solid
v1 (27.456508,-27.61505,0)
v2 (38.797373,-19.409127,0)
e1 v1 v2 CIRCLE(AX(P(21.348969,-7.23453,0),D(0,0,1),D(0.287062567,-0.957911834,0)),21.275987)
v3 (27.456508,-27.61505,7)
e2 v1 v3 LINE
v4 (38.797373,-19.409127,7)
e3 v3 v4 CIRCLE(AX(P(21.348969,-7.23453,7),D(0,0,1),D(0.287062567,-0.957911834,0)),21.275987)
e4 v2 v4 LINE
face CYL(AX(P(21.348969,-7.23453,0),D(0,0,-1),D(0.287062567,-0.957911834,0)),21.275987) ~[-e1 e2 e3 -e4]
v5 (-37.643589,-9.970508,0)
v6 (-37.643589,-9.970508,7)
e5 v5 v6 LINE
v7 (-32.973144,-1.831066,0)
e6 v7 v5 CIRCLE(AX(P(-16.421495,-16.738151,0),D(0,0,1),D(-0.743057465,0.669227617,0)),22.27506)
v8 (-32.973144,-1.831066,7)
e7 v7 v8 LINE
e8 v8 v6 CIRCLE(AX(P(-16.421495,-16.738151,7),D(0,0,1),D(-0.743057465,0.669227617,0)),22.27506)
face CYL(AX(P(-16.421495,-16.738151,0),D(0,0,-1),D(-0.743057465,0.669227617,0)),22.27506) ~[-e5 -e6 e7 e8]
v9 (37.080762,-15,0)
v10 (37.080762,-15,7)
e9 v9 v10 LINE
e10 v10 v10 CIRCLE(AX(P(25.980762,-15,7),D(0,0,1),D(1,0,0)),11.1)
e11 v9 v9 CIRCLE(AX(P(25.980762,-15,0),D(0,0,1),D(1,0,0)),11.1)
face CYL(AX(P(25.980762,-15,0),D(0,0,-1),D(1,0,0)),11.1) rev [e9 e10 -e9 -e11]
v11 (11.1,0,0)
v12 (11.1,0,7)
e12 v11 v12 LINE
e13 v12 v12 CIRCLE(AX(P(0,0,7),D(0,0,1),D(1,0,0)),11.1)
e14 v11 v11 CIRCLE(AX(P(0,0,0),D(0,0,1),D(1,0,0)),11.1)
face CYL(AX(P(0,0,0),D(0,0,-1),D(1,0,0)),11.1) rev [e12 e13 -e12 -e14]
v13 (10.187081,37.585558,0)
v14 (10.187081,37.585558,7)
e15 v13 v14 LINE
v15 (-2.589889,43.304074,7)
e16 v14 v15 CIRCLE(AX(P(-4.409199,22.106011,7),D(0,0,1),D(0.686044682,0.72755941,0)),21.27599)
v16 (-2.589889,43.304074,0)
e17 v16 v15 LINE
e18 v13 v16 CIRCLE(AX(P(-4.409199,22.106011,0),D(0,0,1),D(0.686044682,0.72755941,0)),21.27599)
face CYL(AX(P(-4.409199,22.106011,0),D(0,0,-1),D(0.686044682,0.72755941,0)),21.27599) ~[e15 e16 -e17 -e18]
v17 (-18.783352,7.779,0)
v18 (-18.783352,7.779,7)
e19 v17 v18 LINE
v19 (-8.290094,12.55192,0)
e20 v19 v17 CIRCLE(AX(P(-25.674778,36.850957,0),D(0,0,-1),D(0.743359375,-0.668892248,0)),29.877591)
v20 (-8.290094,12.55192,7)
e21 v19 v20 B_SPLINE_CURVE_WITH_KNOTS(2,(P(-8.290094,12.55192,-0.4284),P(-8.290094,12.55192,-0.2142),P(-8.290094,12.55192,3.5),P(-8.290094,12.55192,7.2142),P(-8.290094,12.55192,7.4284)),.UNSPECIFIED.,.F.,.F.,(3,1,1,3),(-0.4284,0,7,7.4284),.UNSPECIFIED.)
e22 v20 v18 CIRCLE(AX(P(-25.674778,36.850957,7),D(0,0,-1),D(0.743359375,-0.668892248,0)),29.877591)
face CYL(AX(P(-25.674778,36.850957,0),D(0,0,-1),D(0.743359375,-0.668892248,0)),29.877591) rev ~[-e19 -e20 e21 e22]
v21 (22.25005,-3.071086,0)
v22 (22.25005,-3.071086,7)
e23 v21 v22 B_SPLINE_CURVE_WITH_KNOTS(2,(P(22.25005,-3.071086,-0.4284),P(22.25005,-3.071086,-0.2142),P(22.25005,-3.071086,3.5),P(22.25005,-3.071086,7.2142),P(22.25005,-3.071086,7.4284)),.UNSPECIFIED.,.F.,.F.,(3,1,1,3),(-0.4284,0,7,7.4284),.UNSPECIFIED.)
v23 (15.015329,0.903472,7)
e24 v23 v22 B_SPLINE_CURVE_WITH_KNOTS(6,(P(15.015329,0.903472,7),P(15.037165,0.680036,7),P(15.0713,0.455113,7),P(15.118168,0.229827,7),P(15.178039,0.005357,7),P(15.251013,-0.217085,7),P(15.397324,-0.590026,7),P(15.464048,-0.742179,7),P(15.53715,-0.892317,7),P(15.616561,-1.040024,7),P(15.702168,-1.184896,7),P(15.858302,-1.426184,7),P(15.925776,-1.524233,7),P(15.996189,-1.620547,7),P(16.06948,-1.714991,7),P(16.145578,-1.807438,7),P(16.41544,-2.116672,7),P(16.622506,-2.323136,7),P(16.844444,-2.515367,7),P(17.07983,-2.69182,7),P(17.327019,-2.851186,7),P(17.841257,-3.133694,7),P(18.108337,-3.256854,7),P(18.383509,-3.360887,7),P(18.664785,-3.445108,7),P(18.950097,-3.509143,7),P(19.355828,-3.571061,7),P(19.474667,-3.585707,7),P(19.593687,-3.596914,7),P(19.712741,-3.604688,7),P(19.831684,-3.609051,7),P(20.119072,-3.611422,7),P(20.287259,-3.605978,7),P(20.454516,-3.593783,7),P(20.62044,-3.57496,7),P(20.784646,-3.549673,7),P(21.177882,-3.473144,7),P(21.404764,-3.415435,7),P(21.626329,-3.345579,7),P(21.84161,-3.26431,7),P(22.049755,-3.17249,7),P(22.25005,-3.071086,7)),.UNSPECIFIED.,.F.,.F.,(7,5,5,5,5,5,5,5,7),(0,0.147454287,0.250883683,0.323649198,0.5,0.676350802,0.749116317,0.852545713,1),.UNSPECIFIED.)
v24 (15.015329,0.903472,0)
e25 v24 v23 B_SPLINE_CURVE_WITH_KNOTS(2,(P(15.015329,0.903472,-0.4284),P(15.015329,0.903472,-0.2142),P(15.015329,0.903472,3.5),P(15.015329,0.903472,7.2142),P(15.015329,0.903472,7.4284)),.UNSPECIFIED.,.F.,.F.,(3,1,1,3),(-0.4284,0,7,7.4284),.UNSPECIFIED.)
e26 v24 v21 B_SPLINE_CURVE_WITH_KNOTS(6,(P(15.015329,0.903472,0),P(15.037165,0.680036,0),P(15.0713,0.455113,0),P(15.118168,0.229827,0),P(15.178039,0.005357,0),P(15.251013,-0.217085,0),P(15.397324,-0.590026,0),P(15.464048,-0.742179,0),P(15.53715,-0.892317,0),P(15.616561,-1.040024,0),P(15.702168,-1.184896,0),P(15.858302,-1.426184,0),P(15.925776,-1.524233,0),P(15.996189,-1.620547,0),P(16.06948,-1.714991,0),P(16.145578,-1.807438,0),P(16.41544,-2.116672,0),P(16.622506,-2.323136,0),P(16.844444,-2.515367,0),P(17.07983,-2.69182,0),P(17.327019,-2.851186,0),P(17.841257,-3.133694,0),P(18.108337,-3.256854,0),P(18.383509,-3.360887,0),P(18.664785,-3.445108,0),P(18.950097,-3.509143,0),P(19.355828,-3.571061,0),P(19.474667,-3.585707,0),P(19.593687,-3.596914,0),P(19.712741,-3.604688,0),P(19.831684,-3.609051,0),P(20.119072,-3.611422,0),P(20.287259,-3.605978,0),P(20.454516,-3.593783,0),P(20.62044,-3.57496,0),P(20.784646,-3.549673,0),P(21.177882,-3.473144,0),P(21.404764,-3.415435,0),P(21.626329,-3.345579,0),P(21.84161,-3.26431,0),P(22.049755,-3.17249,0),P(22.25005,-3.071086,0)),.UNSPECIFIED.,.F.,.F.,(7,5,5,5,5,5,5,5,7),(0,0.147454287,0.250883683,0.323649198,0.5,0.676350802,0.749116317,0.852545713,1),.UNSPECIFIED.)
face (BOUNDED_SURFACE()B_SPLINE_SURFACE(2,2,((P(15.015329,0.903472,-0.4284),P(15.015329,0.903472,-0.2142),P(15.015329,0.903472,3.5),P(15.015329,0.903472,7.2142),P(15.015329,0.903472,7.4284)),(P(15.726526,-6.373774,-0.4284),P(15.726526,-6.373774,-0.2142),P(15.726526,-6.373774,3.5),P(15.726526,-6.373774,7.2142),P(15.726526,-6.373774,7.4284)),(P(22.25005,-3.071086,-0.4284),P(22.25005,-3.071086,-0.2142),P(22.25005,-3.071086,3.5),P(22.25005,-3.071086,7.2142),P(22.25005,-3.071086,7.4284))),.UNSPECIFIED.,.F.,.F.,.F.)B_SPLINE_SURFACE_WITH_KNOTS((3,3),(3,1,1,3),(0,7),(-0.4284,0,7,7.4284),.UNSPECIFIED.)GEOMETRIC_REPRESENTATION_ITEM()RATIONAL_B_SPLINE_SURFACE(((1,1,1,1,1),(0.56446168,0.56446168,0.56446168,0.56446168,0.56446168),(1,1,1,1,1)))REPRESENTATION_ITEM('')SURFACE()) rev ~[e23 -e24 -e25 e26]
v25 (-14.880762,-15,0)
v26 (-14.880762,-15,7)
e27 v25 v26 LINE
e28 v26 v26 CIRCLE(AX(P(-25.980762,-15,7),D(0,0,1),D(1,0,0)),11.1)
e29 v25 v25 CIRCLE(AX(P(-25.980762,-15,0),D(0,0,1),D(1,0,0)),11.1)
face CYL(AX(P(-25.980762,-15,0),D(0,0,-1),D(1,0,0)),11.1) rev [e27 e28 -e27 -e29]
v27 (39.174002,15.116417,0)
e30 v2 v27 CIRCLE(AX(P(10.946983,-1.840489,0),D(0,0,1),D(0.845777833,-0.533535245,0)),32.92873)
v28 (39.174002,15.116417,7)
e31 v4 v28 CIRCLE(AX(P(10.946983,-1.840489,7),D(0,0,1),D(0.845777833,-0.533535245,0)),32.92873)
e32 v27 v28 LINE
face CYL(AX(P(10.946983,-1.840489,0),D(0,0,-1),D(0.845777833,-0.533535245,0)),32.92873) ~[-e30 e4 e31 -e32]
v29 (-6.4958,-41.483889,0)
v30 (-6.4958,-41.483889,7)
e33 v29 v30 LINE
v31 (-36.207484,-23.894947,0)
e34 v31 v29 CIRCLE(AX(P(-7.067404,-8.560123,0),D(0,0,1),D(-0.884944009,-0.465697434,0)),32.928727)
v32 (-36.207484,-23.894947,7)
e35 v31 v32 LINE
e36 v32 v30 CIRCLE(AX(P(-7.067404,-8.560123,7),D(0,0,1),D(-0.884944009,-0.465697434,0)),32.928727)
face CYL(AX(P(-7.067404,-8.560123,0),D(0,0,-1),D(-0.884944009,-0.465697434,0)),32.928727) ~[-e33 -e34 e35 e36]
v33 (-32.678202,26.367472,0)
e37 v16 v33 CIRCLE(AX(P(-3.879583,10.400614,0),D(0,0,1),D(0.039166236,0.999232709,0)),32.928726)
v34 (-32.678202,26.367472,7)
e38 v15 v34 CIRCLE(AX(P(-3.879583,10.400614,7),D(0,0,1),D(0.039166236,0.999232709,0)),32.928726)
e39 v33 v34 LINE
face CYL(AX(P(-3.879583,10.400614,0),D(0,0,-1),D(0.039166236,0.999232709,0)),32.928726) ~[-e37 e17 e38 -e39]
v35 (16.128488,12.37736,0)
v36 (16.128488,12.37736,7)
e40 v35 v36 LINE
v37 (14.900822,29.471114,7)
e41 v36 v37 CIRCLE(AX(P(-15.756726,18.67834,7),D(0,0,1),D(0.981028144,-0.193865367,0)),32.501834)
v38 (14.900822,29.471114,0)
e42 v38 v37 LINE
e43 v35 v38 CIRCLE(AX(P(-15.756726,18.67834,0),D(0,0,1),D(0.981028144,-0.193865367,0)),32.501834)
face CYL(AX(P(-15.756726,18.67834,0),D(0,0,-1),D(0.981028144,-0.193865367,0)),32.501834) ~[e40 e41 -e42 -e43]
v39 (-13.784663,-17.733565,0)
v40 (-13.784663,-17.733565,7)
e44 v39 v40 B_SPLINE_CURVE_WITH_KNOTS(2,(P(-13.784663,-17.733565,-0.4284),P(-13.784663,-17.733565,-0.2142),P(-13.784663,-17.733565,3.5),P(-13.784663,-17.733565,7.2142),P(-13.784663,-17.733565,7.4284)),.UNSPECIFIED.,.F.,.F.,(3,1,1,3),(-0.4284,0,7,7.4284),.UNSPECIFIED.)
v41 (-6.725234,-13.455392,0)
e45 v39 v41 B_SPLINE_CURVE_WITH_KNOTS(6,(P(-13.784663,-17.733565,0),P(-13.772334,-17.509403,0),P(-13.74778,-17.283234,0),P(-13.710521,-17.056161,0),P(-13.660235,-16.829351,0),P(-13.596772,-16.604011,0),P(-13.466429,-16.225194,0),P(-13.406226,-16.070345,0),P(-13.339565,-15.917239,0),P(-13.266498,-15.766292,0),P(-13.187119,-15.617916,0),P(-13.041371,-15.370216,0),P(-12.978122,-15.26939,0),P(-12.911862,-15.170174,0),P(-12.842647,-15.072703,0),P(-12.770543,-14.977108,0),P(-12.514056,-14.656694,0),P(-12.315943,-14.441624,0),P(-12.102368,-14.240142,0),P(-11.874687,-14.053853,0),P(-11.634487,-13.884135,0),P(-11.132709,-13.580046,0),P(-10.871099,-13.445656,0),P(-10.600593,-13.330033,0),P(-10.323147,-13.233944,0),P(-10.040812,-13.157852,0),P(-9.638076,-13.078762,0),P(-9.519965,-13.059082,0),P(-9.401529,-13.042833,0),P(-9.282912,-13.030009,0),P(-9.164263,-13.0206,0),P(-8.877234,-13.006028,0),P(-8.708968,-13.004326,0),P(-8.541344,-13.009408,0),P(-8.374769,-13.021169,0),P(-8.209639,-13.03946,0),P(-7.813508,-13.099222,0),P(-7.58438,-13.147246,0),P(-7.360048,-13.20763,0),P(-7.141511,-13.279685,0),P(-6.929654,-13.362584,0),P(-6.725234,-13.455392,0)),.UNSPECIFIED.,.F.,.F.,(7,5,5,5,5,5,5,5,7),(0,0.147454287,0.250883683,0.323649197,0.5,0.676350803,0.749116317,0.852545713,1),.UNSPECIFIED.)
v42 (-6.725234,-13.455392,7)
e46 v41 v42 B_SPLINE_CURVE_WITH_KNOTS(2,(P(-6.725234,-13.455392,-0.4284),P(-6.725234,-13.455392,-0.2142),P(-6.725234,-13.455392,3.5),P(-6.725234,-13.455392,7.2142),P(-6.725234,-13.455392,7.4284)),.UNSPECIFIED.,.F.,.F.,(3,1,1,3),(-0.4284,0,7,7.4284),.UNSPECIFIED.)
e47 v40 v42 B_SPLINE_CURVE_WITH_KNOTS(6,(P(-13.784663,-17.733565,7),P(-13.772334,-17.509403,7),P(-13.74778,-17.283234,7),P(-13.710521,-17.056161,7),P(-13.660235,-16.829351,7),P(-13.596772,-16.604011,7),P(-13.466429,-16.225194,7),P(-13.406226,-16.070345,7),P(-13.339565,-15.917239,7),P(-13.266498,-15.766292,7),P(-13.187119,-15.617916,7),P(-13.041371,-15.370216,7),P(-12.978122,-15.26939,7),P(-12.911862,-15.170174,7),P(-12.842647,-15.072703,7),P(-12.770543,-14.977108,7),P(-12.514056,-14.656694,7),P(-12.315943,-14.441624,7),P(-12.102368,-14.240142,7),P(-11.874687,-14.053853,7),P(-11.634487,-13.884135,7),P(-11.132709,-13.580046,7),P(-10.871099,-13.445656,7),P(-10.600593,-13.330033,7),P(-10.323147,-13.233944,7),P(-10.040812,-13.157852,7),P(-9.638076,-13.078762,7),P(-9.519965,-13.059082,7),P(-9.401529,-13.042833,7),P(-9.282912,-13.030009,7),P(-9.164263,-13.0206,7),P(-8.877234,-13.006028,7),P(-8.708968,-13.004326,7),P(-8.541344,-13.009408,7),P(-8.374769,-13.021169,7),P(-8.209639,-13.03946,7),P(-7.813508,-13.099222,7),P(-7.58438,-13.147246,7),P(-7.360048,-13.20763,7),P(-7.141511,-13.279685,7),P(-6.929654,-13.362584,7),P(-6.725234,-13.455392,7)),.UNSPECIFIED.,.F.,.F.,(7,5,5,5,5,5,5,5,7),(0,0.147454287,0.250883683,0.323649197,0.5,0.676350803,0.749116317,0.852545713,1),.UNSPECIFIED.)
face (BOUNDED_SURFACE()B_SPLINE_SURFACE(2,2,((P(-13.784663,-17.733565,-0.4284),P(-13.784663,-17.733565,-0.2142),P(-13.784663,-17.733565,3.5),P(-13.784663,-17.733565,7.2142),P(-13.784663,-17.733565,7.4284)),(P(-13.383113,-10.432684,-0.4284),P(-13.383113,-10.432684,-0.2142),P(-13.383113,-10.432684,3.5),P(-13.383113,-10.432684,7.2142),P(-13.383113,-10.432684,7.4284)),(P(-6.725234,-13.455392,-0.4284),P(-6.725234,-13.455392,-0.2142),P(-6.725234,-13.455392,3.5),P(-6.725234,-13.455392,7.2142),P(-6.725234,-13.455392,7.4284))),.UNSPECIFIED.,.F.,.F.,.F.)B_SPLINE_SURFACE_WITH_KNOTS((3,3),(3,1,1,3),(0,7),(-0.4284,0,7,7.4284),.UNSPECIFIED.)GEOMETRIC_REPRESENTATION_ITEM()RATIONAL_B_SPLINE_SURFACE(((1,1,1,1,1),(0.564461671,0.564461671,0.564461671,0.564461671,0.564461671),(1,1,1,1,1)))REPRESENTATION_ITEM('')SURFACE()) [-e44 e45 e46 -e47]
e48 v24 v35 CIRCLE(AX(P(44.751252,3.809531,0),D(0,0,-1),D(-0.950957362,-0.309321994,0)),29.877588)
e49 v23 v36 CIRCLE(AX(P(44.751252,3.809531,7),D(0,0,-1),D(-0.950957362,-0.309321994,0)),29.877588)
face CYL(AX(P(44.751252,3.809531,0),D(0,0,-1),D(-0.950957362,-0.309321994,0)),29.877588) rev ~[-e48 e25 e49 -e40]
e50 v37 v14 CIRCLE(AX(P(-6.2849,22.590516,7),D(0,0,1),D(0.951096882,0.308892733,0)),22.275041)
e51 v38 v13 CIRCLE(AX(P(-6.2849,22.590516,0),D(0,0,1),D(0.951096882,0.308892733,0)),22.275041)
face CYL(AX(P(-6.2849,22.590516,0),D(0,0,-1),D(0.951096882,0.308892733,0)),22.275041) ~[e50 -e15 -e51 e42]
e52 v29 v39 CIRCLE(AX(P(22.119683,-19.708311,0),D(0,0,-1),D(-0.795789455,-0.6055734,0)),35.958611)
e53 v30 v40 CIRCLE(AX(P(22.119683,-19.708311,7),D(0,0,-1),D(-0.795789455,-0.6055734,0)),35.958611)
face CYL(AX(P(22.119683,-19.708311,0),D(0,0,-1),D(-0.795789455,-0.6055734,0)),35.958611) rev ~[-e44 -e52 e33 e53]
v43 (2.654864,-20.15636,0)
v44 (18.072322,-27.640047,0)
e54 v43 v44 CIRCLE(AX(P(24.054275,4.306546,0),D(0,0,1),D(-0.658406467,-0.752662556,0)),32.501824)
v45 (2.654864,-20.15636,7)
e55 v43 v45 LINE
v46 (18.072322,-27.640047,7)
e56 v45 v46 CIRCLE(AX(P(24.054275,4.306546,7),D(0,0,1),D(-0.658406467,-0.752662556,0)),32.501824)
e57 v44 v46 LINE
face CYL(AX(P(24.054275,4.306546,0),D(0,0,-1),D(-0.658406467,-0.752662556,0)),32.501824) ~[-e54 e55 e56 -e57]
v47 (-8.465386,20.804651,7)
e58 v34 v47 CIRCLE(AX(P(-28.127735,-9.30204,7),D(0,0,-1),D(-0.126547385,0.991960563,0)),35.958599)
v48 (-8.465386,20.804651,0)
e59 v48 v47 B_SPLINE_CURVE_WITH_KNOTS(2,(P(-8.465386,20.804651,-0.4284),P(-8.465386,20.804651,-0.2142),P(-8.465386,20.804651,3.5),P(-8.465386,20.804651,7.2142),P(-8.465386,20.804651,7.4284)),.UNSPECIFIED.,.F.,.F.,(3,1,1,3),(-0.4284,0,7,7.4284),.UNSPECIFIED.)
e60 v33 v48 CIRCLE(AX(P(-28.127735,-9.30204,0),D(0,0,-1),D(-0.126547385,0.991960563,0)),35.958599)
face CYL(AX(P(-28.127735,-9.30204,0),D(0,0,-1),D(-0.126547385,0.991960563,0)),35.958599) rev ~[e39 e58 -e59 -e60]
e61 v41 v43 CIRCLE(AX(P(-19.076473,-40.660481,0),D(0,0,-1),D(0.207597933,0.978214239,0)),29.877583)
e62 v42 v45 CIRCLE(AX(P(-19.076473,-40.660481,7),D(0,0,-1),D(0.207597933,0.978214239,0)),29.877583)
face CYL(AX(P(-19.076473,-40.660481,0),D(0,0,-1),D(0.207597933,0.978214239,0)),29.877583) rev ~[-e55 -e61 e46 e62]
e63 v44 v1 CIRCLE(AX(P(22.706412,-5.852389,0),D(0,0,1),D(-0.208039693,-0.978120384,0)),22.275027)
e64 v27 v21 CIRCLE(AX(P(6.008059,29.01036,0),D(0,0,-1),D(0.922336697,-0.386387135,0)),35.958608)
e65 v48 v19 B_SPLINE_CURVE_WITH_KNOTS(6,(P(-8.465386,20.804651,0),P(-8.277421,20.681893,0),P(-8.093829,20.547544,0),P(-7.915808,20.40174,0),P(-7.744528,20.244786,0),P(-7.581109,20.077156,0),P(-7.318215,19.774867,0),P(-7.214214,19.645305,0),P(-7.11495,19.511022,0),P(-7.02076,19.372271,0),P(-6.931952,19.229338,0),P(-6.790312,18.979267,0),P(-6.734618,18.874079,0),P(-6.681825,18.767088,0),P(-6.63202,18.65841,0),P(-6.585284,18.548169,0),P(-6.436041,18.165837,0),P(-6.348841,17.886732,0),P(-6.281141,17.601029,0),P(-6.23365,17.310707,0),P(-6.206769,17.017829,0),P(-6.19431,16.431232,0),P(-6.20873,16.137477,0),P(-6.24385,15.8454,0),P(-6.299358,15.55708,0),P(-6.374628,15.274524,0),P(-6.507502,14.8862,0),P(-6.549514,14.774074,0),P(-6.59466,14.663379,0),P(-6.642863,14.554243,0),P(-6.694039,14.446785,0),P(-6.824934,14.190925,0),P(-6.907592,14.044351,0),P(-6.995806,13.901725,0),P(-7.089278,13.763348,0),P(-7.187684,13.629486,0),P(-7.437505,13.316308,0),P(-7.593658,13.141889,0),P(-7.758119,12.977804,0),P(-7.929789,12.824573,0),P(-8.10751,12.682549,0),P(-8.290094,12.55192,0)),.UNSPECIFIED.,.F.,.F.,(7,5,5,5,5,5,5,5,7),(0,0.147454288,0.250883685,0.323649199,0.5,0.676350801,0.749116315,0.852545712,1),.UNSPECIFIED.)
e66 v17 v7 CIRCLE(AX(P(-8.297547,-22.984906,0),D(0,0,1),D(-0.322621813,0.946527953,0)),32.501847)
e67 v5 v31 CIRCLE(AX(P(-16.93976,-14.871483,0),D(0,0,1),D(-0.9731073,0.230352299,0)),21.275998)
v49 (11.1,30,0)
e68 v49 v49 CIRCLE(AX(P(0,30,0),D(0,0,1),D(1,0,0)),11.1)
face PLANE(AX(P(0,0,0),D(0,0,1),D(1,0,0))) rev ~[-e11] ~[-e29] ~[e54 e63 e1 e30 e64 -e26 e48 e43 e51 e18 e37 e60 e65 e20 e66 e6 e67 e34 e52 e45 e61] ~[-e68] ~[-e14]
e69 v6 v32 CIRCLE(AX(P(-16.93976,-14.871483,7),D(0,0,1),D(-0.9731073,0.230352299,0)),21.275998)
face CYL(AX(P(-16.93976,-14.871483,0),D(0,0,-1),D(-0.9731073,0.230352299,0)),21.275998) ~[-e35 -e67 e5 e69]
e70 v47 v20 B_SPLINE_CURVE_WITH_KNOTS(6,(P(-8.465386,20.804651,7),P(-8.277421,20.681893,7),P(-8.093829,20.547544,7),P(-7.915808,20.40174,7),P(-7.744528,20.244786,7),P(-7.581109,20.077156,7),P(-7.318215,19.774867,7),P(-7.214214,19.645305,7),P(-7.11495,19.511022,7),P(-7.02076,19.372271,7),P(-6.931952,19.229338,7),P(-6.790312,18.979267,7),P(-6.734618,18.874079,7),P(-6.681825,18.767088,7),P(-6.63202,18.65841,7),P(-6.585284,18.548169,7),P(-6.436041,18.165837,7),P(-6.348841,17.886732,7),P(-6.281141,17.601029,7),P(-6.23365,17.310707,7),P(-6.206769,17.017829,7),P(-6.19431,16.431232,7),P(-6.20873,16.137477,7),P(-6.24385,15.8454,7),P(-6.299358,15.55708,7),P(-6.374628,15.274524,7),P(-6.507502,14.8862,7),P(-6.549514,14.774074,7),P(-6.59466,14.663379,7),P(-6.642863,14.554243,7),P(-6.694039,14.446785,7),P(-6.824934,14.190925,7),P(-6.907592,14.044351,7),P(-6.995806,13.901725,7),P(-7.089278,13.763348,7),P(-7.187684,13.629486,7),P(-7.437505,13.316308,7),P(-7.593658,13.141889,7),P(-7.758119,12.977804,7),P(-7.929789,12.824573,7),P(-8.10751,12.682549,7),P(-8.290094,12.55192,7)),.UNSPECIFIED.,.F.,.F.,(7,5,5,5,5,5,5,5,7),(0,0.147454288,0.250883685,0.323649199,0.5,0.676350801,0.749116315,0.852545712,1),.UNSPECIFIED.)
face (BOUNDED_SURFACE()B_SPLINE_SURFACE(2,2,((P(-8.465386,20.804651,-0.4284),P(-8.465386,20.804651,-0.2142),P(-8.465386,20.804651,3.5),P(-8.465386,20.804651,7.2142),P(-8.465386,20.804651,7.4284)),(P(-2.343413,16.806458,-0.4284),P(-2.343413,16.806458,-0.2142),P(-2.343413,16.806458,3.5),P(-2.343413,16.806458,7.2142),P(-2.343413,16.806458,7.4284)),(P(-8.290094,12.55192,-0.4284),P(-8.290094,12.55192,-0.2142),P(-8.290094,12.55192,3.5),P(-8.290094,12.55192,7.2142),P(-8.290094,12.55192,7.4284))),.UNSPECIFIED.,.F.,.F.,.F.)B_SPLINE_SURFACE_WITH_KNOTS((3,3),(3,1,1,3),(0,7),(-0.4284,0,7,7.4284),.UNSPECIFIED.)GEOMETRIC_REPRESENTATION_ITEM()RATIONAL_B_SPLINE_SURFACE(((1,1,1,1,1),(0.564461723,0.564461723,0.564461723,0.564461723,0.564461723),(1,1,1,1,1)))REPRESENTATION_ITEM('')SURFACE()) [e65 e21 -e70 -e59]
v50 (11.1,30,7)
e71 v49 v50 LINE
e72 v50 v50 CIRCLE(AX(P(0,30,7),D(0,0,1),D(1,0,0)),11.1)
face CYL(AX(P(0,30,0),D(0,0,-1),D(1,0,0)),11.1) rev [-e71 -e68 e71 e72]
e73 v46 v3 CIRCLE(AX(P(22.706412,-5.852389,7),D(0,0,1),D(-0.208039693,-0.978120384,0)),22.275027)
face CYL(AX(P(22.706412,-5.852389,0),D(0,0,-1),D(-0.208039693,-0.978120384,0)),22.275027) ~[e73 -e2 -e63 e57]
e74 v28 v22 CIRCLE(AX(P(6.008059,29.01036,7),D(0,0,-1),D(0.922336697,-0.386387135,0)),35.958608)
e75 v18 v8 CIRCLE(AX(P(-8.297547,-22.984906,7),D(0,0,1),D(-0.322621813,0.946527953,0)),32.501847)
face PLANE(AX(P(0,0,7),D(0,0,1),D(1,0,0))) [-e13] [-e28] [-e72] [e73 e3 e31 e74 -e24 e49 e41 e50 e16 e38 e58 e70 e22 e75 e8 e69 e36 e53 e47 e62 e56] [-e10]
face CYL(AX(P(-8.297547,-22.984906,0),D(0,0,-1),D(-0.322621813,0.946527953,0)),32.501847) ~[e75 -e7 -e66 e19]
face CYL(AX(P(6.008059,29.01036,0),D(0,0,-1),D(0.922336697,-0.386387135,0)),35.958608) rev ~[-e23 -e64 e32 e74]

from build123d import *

# Parameters (mm, degrees)
F0_R     = 11.1
F1_DEPTH = 7
F2_R     = 5
F3_R     = 5
F4_R     = 5


with BuildPart() as f1:
    # F0 (on Top) → F1 (new body)
    with BuildSketch(Plane.XY):
        with BuildLine():
            ThreePointArc((10.187081, 37.585558), (4.282363, 41.525705), (-2.589889, 43.304074))
            ThreePointArc((-2.589889, 43.304074), (-20.0319, 39.095625), (-32.678202, 26.367472))
            ThreePointArc((-32.678202, 26.367472), (-17.005905, 24.893365), (-3.464991, 16.866068))
            ThreePointArc((-3.464991, 16.866068), (-10.431292, 11.154526), (-18.783352, 7.779))
            ThreePointArc((-18.783352, 7.779), (-26.523062, 3.92607), (-32.973144, -1.831066))
            ThreePointArc((-32.973144, -1.831066), (-35.741861, -5.652046), (-37.643589, -9.970508))
            ThreePointArc((-37.643589, -9.970508), (-38.103497, -17.054217), (-36.207484, -23.894947))
            ThreePointArc((-36.207484, -23.894947), (-23.841854, -36.895947), (-6.4958, -41.483889))
            ThreePointArc((-6.4958, -41.483889), (-13.055333, -27.174228), (-12.873948, -11.433804))
            ThreePointArc((-12.873948, -11.433804), (-4.444456, -14.611027), (2.654864, -20.15636))
            ThreePointArc((2.654864, -20.15636), (9.861454, -24.932681), (18.072322, -27.640047))
            ThreePointArc((18.072322, -27.640047), (22.765746, -28.127337), (27.456508, -27.61505))
            ThreePointArc((27.456508, -27.61505), (33.821134, -24.471488), (38.797373, -19.409127))
            ThreePointArc((38.797373, -19.409127), (43.873754, -2.199678), (39.174002, 15.116417))
            ThreePointArc((39.174002, 15.116417), (30.061239, 2.280864), (16.338939, -5.432264))
            ThreePointArc((16.338939, -5.432264), (14.875749, 3.456501), (16.128488, 12.37736))
            ThreePointArc((16.128488, 12.37736), (16.661608, 21.00661), (14.900822, 29.471114))
            ThreePointArc((14.900822, 29.471114), (12.976115, 33.779383), (10.187081, 37.585558))
        make_face()
        with Locations((-25.980762, -15)):
            Circle(F0_R, mode=Mode.SUBTRACT)
        Circle(F0_R, mode=Mode.SUBTRACT)
        with Locations((25.980762, -15)):
            Circle(F0_R, mode=Mode.SUBTRACT)
        with Locations((0, 30)):
            Circle(F0_R, mode=Mode.SUBTRACT)
    extrude(amount=F1_DEPTH)

    # F2
    f2_edges = [f1.edges().sort_by_distance(p)[0] for p in [
        (16.338939, -5.432264, 3.5),
    ]]
    fillet(f2_edges, radius=F2_R)

    # F3
    f3_edges = [f1.edges().sort_by_distance(p)[0] for p in [
        (-3.464991, 16.866068, 3.5),
    ]]
    fillet(f3_edges, radius=F3_R)

    # F4
    f4_edges = [f1.edges().sort_by_distance(p)[0] for p in [
        (-12.873948, -11.433804, 3.5),
    ]]
    fillet(f4_edges, radius=F4_R)


solid = f1.part
